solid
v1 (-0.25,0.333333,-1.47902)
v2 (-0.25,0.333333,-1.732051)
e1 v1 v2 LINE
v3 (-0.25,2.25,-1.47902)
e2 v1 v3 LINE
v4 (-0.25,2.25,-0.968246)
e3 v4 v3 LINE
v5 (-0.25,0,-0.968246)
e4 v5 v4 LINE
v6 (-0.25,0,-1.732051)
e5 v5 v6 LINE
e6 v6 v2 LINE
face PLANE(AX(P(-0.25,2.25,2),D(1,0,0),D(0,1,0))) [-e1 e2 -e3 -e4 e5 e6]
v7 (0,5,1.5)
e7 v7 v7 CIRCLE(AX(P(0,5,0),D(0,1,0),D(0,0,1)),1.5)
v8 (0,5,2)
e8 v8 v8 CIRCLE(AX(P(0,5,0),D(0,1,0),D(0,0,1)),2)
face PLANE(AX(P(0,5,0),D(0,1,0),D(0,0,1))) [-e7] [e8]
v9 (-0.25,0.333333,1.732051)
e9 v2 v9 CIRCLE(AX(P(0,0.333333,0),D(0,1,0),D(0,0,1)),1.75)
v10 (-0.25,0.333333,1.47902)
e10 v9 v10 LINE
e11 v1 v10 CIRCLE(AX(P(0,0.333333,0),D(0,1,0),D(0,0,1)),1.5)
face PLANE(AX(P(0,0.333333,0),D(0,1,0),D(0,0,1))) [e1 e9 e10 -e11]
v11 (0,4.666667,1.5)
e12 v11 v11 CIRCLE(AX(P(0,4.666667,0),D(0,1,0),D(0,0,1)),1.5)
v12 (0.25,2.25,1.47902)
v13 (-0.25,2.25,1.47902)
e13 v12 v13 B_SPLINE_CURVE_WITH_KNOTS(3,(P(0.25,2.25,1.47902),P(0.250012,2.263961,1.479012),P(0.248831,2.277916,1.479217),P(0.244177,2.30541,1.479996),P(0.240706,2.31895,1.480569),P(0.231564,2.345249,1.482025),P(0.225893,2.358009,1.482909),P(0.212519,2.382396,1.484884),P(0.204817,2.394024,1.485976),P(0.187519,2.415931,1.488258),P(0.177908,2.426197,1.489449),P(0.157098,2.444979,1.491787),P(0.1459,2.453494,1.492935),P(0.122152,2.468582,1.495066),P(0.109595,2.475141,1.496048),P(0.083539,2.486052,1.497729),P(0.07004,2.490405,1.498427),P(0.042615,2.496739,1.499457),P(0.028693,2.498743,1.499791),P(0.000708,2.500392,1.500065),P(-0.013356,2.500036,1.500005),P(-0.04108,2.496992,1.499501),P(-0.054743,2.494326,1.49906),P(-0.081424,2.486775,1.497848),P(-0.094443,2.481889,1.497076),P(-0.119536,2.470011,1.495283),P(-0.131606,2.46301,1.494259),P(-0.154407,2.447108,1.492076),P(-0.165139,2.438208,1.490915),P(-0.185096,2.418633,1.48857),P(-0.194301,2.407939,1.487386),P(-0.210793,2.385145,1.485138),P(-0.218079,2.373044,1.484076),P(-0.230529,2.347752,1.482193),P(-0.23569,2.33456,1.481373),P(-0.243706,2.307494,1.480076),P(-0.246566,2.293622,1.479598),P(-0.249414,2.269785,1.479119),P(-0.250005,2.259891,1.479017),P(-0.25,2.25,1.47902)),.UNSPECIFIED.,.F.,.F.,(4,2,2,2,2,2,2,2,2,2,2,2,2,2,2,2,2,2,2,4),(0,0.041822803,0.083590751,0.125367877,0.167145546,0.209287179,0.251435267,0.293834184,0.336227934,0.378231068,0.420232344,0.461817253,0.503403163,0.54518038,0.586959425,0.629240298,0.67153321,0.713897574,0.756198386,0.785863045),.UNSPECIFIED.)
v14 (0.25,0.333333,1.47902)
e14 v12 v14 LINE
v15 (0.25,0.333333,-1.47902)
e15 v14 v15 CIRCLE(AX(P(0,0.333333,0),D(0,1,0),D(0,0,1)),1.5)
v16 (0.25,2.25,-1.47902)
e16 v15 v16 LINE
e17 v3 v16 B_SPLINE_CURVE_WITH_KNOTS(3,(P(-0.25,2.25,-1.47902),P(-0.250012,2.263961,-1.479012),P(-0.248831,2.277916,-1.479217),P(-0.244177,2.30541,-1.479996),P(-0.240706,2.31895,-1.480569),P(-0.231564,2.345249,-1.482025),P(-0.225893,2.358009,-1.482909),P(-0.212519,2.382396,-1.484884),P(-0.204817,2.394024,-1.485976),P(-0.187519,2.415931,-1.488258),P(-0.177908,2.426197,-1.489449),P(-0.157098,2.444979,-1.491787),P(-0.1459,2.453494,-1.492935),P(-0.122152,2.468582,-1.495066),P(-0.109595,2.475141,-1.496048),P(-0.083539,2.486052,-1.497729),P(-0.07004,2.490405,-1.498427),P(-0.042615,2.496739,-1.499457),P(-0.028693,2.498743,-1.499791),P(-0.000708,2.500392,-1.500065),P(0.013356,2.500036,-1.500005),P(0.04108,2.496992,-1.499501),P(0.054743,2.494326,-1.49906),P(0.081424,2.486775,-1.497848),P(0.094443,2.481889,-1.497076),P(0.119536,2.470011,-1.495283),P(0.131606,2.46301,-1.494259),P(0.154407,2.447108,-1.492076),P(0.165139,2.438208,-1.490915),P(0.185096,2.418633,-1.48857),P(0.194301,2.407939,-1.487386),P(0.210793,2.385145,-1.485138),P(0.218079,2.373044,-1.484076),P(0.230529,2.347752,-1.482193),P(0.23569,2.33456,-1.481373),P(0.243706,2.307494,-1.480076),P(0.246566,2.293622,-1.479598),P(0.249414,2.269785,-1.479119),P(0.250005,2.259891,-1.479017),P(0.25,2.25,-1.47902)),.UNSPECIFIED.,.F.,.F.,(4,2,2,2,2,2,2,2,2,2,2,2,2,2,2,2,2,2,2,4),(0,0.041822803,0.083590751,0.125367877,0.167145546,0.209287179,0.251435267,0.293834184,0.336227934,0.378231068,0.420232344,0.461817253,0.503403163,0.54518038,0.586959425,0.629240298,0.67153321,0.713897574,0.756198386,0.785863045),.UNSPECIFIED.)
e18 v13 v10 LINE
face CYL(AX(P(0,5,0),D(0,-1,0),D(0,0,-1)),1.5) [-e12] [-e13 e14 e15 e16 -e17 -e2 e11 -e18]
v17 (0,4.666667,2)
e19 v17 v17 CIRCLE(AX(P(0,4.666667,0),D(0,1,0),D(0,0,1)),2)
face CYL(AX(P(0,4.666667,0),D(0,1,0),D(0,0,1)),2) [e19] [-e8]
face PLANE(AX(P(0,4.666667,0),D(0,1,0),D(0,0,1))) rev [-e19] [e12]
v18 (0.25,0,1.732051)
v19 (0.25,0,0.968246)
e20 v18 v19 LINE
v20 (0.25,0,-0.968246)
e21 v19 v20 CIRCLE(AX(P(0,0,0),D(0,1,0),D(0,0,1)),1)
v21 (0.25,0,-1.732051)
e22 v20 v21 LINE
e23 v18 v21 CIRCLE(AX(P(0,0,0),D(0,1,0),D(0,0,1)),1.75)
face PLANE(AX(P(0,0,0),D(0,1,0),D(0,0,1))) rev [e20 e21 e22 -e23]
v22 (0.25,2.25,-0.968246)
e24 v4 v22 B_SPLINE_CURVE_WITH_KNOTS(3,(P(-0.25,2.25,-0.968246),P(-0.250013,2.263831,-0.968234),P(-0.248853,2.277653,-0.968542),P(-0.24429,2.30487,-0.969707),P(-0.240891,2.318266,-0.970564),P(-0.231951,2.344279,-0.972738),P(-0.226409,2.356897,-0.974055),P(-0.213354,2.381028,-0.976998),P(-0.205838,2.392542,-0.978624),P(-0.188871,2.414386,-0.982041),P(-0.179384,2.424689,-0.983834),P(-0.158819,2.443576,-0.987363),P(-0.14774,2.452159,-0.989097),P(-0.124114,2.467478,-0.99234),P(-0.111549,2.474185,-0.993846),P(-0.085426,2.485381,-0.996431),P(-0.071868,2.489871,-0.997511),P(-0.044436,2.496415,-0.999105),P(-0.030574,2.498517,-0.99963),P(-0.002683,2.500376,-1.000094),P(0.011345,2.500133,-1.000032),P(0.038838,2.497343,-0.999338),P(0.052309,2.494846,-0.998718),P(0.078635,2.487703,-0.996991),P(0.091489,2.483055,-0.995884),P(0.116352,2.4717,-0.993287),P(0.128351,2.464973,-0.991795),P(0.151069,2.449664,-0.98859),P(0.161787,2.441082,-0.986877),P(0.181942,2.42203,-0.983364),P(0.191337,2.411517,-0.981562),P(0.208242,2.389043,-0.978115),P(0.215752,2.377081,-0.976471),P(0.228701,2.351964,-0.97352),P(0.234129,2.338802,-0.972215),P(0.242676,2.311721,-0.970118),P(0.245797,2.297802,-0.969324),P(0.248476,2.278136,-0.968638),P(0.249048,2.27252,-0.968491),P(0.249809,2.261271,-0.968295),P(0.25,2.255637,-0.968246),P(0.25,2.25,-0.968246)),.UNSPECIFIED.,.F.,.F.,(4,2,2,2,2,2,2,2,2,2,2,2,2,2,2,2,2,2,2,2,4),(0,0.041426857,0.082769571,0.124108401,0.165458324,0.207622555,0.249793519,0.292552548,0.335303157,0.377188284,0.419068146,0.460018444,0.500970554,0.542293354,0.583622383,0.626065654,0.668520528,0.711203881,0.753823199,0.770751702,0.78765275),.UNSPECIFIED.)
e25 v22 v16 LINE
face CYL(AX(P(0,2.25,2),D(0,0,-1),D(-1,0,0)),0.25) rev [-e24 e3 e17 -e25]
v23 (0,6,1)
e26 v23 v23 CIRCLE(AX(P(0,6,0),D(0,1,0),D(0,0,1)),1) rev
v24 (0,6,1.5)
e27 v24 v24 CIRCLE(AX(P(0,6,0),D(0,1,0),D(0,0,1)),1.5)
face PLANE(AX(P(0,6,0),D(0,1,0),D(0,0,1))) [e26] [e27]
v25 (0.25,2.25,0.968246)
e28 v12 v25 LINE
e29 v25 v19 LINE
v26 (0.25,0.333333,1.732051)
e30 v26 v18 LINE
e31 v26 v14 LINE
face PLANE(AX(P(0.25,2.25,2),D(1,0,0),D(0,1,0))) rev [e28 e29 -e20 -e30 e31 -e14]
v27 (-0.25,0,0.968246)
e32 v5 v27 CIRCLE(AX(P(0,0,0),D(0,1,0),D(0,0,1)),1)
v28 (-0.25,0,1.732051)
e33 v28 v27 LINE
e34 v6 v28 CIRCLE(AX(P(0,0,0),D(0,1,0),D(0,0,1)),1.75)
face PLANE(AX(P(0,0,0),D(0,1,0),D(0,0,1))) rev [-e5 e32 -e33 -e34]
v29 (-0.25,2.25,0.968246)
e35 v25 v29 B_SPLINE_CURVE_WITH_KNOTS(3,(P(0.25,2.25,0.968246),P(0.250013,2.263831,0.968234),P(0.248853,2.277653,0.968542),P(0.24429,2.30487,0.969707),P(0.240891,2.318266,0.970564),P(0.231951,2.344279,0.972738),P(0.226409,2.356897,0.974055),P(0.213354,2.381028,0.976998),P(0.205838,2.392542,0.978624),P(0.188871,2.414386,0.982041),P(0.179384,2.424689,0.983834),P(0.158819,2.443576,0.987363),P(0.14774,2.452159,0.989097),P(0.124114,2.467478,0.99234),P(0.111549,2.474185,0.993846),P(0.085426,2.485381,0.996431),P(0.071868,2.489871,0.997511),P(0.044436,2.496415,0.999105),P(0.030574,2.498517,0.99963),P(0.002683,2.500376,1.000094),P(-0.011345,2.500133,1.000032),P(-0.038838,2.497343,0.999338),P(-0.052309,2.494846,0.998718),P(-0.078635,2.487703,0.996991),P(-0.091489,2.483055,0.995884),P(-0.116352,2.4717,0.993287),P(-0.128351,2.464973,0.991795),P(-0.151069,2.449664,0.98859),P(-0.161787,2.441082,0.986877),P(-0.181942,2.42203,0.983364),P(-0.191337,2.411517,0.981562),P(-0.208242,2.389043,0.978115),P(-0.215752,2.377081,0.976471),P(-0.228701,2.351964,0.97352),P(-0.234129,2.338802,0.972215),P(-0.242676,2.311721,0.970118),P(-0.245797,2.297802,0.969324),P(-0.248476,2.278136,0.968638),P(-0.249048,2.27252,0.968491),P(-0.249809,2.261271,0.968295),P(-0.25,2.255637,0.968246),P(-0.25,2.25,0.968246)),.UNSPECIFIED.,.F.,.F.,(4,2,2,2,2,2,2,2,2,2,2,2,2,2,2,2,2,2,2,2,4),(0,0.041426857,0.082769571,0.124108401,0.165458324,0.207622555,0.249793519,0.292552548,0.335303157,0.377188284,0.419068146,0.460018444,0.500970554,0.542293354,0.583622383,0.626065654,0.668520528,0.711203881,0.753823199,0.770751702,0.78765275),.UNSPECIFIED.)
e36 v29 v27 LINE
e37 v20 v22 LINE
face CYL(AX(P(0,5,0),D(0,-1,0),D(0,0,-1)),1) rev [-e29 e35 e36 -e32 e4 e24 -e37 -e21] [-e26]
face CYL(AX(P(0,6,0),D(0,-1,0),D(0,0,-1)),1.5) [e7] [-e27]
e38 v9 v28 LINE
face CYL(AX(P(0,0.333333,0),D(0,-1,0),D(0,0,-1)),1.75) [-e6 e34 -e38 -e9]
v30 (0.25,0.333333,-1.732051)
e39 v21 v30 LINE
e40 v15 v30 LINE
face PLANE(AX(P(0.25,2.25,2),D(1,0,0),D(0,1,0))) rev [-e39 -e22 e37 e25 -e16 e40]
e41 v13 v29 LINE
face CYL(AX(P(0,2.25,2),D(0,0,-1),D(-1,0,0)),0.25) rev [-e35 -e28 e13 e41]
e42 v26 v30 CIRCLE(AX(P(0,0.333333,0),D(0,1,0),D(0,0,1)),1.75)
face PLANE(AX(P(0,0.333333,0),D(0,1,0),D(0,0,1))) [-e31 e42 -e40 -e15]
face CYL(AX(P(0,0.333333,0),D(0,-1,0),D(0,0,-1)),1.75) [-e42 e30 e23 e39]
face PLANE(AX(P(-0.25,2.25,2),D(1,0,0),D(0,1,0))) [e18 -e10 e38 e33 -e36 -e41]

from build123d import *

# Parameters (mm, degrees)
SKETCH2_R               = 1.5
SKETCH2_R_2             = 1
BOSS_EXTRUDE2_DEPTH     = 5
SKETCH2_3_R             = 1.75
SKETCH2_3_R_2           = 1.5
BOSS_EXTRUDE3_DEPTH     = 0.333333333
SKETCH3_R               = 2
SKETCH3_R_2             = 1.5
BOSS_EXTRUDE4_DEPTH     = 0.333333333
SKETCH3_3_R             = 1.5
SKETCH3_3_R_2           = 1
BOSS_EXTRUDE5_DEPTH     = 1
SKETCH5_R               = 0.25
SKETCH5_W               = 0.5
SKETCH5_H               = 2.25
CUT_EXTRUDE1_DEPTH      = 2
CUT_EXTRUDE1_DEPTH_BACK = 2


with BuildPart() as part:
    # Sketch2 → Boss-Extrude2 (new body)
    with BuildSketch(Plane(origin=(0, 0, 0), x_dir=(1, 0, 0), z_dir=(0, 1, 0))):
        Circle(SKETCH2_R)
        Circle(SKETCH2_R_2, mode=Mode.SUBTRACT)
    extrude(amount=BOSS_EXTRUDE2_DEPTH)

    # Sketch2_3 → Boss-Extrude3 (add)
    with BuildSketch(Plane(origin=(0, 0, 0), x_dir=(1, 0, 0), z_dir=(0, 1, 0))):
        Circle(SKETCH2_3_R)
        Circle(SKETCH2_3_R_2, mode=Mode.SUBTRACT)
    extrude(amount=BOSS_EXTRUDE3_DEPTH)

    # Sketch3 → Boss-Extrude4 (add)
    with BuildSketch(Plane(origin=(0, 5, 0), x_dir=(-1, 0, 0), z_dir=(0, 1, 0))):
        Circle(SKETCH3_R)
        Circle(SKETCH3_R_2, mode=Mode.SUBTRACT)
    extrude(amount=-BOSS_EXTRUDE4_DEPTH)

    # Sketch3_3 → Boss-Extrude5 (add)
    with BuildSketch(Plane(origin=(0, 5, 0), x_dir=(-1, 0, 0), z_dir=(0, 1, 0))):
        Circle(SKETCH3_3_R)
        Circle(SKETCH3_3_R_2, mode=Mode.SUBTRACT)
    extrude(amount=BOSS_EXTRUDE5_DEPTH)

    # Sketch5 → Cut-Extrude1 (cut, two sides)
    with BuildSketch(Plane.XY) as cut_extrude1_sk:
        with Locations((0, 2.25)):
            Circle(SKETCH5_R)
        with Locations((0, 1.125)):
            Rectangle(SKETCH5_W, SKETCH5_H)
    extrude(amount=CUT_EXTRUDE1_DEPTH, mode=Mode.SUBTRACT)
    extrude(cut_extrude1_sk.sketch, amount=-CUT_EXTRUDE1_DEPTH_BACK, mode=Mode.SUBTRACT)


solid = part.part
